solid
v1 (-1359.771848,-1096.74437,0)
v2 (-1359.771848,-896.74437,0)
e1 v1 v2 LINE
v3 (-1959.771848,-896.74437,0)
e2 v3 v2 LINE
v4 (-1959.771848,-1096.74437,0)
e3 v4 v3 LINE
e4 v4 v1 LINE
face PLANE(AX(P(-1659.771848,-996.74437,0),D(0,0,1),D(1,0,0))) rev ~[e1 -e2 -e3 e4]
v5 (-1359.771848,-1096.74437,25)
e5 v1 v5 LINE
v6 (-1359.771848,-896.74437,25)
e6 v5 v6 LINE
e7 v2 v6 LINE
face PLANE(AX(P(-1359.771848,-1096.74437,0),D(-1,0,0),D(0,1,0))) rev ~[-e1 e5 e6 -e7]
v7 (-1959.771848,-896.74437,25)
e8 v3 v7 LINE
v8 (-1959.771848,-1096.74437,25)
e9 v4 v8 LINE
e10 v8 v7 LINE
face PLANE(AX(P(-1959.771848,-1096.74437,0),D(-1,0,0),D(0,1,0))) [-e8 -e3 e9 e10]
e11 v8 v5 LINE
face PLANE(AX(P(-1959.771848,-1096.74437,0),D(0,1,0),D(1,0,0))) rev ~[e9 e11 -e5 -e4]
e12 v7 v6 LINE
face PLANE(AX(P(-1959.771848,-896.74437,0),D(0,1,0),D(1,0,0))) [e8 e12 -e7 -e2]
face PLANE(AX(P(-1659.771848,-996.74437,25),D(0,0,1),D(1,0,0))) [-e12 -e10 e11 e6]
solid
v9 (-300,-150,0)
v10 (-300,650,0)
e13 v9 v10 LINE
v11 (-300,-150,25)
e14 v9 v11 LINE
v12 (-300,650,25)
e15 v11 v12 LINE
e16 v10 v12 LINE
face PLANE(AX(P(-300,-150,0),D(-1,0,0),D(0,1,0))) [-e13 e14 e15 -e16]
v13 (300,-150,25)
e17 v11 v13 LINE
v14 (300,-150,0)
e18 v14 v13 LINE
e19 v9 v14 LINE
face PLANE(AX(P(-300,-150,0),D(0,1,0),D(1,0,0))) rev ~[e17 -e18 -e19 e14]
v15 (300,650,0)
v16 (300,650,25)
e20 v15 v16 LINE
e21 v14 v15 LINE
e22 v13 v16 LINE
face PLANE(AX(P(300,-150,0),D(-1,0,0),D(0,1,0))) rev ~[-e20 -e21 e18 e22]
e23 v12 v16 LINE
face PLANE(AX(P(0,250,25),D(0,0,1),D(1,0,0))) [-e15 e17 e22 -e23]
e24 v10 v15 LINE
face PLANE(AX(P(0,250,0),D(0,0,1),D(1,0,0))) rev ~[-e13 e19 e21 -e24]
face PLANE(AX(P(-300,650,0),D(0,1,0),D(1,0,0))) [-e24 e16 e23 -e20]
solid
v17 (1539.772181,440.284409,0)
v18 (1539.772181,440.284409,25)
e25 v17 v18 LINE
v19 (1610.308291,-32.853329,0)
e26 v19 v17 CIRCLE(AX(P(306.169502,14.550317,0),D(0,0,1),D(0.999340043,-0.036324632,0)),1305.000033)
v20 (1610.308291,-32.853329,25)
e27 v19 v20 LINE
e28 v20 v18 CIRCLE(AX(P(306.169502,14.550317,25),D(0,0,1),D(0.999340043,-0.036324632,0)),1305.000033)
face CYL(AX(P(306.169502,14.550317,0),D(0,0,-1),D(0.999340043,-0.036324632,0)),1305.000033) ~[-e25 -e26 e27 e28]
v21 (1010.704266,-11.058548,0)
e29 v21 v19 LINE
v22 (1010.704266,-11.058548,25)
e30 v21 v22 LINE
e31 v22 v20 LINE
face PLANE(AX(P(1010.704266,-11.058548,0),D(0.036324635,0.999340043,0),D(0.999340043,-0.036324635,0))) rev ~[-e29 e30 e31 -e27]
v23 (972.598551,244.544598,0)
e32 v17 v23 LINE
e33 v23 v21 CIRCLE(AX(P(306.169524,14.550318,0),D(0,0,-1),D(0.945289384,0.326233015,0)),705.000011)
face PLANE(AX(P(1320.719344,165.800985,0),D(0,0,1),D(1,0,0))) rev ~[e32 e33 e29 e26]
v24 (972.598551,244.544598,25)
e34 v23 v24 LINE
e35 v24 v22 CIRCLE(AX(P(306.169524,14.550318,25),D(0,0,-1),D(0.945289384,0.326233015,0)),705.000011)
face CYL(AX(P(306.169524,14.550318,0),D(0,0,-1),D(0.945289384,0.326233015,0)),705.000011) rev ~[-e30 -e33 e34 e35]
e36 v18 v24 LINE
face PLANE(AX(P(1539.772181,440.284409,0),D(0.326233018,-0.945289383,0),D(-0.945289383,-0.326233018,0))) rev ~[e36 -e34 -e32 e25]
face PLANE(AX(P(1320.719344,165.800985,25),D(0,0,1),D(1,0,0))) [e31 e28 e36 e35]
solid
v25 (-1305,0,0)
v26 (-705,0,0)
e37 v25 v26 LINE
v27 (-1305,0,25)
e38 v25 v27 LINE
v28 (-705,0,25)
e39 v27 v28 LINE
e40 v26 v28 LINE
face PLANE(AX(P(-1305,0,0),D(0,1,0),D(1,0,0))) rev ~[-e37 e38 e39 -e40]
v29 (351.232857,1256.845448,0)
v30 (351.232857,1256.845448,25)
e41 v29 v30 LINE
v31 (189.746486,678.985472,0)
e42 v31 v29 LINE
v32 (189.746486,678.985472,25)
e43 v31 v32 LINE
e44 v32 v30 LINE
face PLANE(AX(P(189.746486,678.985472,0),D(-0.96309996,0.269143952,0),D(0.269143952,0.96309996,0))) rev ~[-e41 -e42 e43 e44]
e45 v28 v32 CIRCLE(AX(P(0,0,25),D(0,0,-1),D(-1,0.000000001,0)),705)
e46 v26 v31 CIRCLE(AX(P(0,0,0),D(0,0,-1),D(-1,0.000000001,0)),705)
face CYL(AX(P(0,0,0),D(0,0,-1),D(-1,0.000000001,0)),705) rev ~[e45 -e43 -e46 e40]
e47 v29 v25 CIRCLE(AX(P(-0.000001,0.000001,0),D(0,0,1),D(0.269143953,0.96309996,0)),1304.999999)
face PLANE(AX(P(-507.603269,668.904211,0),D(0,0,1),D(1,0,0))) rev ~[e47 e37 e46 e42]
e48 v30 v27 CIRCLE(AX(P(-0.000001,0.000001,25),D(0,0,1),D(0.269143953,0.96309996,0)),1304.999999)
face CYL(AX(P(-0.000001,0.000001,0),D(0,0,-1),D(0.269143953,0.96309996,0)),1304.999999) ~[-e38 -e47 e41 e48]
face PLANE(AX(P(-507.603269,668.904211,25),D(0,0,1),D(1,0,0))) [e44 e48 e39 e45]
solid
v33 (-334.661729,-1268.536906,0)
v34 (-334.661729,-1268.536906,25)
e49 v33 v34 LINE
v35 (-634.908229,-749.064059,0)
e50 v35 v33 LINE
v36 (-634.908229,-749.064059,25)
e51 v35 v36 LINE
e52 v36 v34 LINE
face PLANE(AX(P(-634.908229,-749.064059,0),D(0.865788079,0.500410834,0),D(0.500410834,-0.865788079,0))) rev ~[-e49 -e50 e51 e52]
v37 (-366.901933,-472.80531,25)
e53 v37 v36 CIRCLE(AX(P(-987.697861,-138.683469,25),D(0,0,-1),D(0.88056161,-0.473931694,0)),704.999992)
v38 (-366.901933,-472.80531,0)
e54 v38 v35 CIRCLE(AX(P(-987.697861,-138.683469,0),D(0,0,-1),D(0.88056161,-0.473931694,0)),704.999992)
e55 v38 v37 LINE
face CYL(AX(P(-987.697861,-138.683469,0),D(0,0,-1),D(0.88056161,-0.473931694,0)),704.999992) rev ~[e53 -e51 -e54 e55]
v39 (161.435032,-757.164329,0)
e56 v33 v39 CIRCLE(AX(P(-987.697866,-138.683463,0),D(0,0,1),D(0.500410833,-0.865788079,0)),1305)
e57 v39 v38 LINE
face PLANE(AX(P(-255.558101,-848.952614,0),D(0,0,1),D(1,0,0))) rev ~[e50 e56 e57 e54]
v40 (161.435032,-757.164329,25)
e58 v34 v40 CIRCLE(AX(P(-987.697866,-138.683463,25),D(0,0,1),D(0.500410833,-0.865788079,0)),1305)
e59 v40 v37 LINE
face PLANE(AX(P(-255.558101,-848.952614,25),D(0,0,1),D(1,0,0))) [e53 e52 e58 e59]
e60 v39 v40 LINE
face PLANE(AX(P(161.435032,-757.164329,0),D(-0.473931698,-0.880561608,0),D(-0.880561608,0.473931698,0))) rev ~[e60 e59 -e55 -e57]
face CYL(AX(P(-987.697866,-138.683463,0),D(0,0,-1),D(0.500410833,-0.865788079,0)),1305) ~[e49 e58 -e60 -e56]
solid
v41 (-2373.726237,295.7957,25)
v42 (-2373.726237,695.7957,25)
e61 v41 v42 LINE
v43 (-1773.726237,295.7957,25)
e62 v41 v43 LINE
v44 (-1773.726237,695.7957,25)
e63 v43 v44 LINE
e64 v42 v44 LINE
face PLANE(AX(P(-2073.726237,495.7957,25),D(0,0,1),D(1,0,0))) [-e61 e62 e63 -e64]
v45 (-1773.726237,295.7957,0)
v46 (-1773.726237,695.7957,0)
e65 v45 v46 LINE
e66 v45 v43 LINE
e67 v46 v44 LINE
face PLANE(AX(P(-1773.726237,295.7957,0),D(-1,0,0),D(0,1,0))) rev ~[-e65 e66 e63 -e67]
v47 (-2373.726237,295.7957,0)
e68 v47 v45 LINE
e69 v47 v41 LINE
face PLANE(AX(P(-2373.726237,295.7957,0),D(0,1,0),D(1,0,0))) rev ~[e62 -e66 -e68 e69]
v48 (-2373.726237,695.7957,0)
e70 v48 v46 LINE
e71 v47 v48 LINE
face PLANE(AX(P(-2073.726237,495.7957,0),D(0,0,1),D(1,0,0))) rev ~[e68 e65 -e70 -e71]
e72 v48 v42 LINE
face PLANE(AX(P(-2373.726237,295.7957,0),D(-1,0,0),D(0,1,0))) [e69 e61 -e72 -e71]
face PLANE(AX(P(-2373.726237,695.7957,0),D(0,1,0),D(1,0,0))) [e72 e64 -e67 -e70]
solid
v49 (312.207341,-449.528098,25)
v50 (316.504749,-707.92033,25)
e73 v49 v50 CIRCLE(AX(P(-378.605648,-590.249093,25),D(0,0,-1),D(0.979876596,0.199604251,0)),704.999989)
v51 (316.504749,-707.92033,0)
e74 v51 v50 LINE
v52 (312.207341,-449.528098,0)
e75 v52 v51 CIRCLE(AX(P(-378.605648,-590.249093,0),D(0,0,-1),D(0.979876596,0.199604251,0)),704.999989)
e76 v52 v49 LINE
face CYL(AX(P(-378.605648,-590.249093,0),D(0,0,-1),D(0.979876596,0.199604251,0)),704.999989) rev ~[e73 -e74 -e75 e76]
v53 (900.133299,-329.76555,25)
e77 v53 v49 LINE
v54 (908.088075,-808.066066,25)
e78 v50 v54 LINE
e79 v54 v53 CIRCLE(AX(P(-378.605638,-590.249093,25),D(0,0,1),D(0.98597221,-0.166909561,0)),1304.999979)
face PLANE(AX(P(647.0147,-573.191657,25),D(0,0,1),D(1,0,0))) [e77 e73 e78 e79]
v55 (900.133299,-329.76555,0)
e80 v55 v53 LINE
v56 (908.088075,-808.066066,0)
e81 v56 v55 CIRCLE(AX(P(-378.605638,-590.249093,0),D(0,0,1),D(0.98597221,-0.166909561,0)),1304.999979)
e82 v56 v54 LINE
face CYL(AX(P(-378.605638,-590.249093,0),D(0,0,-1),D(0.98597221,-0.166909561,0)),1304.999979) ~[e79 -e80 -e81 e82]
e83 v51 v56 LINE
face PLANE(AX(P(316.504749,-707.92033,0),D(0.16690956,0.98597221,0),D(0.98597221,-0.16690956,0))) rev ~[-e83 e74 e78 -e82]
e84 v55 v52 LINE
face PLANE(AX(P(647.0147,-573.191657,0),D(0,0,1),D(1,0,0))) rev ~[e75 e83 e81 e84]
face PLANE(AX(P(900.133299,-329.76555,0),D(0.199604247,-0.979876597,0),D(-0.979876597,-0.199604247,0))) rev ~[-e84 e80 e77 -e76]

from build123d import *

# Parameters (mm, degrees)
F1_DEPTH  = 25
F2_W      = 600
F2_H      = 400
F3_DEPTH  = 25
F5_DEPTH  = 25
F6_W      = 600
F6_H      = 800
F7_DEPTH  = 25
F8_W      = 600
F8_H      = 200
F9_DEPTH  = 25
F11_DEPTH = 25
F13_DEPTH = 25


with BuildPart() as f1:
    # F0 (on Top) → F1 (new body)
    with BuildSketch(Plane.XY):
        with BuildLine():
            Line((189.746486, 678.985472), (351.232857, 1256.845448))
            ThreePointArc((351.232857, 1256.845448), (-788.880892, 1039.563341), (-1305, 0))
            Line((-1305, 0), (-705, 0))
            ThreePointArc((-705, 0), (-426.177033, 561.603184), (189.746486, 678.985472))
        make_face()
    extrude(amount=F1_DEPTH)


with BuildPart() as f3:
    # F2 (on Top) → F3 (new body)
    with BuildSketch(Plane.XY):
        with Locations((-2073.726237, 495.7957)):
            Rectangle(F2_W, F2_H)
    extrude(amount=F3_DEPTH)


with BuildPart() as f5:
    # F4 (on Top) → F5 (new body)
    with BuildSketch(Plane.XY):
        with BuildLine():
            Line((1010.704266, -11.058548), (1610.308291, -32.853329))
            ThreePointArc((1610.308291, -32.853329), (1596.904862, 206.975152), (1539.772181, 440.284409))
            Line((1539.772181, 440.284409), (972.598551, 244.544598))
            ThreePointArc((972.598551, 244.544598), (1003.463333, 118.503965), (1010.704266, -11.058548))
        make_face()
    extrude(amount=F5_DEPTH)


with BuildPart() as f7:
    # F6 (on Top) → F7 (new body)
    with BuildSketch(Plane.XY):
        with Locations((0, 250)):
            Rectangle(F6_W, F6_H)
    extrude(amount=F7_DEPTH)


with BuildPart() as f9:
    # F8 (on Top) → F9 (new body)
    with BuildSketch(Plane.XY):
        with Locations((-1659.771848, -996.74437)):
            Rectangle(F8_W, F8_H)
    extrude(amount=F9_DEPTH)


with BuildPart() as f11:
    # F10 (on Top) → F11 (new body)
    with BuildSketch(Plane.XY):
        with BuildLine():
            Line((316.504749, -707.92033), (908.088075, -808.066066))
            ThreePointArc((908.088075, -808.066066), (926.213896, -568.548202), (900.133299, -329.76555))
            Line((900.133299, -329.76555), (312.207341, -449.528098))
            ThreePointArc((312.207341, -449.528098), (326.296859, -578.525623), (316.504749, -707.92033))
        make_face()
    extrude(amount=F11_DEPTH)


with BuildPart() as f13:
    # F12 (on Top) → F13 (new body)
    with BuildSketch(Plane.XY):
        with BuildLine():
            Line((-634.908229, -749.064059), (-334.661729, -1268.536906))
            ThreePointArc((-334.661729, -1268.536906), (-51.039558, -1047.361741), (161.435032, -757.164329))
            Line((161.435032, -757.164329), (-366.901933, -472.80531))
            ThreePointArc((-366.901933, -472.80531), (-481.687056, -629.578625), (-634.908229, -749.064059))
        make_face()
    extrude(amount=F13_DEPTH)


solid = Compound([f1.part, f3.part, f5.part, f7.part, f9.part, f11.part, f13.part])
